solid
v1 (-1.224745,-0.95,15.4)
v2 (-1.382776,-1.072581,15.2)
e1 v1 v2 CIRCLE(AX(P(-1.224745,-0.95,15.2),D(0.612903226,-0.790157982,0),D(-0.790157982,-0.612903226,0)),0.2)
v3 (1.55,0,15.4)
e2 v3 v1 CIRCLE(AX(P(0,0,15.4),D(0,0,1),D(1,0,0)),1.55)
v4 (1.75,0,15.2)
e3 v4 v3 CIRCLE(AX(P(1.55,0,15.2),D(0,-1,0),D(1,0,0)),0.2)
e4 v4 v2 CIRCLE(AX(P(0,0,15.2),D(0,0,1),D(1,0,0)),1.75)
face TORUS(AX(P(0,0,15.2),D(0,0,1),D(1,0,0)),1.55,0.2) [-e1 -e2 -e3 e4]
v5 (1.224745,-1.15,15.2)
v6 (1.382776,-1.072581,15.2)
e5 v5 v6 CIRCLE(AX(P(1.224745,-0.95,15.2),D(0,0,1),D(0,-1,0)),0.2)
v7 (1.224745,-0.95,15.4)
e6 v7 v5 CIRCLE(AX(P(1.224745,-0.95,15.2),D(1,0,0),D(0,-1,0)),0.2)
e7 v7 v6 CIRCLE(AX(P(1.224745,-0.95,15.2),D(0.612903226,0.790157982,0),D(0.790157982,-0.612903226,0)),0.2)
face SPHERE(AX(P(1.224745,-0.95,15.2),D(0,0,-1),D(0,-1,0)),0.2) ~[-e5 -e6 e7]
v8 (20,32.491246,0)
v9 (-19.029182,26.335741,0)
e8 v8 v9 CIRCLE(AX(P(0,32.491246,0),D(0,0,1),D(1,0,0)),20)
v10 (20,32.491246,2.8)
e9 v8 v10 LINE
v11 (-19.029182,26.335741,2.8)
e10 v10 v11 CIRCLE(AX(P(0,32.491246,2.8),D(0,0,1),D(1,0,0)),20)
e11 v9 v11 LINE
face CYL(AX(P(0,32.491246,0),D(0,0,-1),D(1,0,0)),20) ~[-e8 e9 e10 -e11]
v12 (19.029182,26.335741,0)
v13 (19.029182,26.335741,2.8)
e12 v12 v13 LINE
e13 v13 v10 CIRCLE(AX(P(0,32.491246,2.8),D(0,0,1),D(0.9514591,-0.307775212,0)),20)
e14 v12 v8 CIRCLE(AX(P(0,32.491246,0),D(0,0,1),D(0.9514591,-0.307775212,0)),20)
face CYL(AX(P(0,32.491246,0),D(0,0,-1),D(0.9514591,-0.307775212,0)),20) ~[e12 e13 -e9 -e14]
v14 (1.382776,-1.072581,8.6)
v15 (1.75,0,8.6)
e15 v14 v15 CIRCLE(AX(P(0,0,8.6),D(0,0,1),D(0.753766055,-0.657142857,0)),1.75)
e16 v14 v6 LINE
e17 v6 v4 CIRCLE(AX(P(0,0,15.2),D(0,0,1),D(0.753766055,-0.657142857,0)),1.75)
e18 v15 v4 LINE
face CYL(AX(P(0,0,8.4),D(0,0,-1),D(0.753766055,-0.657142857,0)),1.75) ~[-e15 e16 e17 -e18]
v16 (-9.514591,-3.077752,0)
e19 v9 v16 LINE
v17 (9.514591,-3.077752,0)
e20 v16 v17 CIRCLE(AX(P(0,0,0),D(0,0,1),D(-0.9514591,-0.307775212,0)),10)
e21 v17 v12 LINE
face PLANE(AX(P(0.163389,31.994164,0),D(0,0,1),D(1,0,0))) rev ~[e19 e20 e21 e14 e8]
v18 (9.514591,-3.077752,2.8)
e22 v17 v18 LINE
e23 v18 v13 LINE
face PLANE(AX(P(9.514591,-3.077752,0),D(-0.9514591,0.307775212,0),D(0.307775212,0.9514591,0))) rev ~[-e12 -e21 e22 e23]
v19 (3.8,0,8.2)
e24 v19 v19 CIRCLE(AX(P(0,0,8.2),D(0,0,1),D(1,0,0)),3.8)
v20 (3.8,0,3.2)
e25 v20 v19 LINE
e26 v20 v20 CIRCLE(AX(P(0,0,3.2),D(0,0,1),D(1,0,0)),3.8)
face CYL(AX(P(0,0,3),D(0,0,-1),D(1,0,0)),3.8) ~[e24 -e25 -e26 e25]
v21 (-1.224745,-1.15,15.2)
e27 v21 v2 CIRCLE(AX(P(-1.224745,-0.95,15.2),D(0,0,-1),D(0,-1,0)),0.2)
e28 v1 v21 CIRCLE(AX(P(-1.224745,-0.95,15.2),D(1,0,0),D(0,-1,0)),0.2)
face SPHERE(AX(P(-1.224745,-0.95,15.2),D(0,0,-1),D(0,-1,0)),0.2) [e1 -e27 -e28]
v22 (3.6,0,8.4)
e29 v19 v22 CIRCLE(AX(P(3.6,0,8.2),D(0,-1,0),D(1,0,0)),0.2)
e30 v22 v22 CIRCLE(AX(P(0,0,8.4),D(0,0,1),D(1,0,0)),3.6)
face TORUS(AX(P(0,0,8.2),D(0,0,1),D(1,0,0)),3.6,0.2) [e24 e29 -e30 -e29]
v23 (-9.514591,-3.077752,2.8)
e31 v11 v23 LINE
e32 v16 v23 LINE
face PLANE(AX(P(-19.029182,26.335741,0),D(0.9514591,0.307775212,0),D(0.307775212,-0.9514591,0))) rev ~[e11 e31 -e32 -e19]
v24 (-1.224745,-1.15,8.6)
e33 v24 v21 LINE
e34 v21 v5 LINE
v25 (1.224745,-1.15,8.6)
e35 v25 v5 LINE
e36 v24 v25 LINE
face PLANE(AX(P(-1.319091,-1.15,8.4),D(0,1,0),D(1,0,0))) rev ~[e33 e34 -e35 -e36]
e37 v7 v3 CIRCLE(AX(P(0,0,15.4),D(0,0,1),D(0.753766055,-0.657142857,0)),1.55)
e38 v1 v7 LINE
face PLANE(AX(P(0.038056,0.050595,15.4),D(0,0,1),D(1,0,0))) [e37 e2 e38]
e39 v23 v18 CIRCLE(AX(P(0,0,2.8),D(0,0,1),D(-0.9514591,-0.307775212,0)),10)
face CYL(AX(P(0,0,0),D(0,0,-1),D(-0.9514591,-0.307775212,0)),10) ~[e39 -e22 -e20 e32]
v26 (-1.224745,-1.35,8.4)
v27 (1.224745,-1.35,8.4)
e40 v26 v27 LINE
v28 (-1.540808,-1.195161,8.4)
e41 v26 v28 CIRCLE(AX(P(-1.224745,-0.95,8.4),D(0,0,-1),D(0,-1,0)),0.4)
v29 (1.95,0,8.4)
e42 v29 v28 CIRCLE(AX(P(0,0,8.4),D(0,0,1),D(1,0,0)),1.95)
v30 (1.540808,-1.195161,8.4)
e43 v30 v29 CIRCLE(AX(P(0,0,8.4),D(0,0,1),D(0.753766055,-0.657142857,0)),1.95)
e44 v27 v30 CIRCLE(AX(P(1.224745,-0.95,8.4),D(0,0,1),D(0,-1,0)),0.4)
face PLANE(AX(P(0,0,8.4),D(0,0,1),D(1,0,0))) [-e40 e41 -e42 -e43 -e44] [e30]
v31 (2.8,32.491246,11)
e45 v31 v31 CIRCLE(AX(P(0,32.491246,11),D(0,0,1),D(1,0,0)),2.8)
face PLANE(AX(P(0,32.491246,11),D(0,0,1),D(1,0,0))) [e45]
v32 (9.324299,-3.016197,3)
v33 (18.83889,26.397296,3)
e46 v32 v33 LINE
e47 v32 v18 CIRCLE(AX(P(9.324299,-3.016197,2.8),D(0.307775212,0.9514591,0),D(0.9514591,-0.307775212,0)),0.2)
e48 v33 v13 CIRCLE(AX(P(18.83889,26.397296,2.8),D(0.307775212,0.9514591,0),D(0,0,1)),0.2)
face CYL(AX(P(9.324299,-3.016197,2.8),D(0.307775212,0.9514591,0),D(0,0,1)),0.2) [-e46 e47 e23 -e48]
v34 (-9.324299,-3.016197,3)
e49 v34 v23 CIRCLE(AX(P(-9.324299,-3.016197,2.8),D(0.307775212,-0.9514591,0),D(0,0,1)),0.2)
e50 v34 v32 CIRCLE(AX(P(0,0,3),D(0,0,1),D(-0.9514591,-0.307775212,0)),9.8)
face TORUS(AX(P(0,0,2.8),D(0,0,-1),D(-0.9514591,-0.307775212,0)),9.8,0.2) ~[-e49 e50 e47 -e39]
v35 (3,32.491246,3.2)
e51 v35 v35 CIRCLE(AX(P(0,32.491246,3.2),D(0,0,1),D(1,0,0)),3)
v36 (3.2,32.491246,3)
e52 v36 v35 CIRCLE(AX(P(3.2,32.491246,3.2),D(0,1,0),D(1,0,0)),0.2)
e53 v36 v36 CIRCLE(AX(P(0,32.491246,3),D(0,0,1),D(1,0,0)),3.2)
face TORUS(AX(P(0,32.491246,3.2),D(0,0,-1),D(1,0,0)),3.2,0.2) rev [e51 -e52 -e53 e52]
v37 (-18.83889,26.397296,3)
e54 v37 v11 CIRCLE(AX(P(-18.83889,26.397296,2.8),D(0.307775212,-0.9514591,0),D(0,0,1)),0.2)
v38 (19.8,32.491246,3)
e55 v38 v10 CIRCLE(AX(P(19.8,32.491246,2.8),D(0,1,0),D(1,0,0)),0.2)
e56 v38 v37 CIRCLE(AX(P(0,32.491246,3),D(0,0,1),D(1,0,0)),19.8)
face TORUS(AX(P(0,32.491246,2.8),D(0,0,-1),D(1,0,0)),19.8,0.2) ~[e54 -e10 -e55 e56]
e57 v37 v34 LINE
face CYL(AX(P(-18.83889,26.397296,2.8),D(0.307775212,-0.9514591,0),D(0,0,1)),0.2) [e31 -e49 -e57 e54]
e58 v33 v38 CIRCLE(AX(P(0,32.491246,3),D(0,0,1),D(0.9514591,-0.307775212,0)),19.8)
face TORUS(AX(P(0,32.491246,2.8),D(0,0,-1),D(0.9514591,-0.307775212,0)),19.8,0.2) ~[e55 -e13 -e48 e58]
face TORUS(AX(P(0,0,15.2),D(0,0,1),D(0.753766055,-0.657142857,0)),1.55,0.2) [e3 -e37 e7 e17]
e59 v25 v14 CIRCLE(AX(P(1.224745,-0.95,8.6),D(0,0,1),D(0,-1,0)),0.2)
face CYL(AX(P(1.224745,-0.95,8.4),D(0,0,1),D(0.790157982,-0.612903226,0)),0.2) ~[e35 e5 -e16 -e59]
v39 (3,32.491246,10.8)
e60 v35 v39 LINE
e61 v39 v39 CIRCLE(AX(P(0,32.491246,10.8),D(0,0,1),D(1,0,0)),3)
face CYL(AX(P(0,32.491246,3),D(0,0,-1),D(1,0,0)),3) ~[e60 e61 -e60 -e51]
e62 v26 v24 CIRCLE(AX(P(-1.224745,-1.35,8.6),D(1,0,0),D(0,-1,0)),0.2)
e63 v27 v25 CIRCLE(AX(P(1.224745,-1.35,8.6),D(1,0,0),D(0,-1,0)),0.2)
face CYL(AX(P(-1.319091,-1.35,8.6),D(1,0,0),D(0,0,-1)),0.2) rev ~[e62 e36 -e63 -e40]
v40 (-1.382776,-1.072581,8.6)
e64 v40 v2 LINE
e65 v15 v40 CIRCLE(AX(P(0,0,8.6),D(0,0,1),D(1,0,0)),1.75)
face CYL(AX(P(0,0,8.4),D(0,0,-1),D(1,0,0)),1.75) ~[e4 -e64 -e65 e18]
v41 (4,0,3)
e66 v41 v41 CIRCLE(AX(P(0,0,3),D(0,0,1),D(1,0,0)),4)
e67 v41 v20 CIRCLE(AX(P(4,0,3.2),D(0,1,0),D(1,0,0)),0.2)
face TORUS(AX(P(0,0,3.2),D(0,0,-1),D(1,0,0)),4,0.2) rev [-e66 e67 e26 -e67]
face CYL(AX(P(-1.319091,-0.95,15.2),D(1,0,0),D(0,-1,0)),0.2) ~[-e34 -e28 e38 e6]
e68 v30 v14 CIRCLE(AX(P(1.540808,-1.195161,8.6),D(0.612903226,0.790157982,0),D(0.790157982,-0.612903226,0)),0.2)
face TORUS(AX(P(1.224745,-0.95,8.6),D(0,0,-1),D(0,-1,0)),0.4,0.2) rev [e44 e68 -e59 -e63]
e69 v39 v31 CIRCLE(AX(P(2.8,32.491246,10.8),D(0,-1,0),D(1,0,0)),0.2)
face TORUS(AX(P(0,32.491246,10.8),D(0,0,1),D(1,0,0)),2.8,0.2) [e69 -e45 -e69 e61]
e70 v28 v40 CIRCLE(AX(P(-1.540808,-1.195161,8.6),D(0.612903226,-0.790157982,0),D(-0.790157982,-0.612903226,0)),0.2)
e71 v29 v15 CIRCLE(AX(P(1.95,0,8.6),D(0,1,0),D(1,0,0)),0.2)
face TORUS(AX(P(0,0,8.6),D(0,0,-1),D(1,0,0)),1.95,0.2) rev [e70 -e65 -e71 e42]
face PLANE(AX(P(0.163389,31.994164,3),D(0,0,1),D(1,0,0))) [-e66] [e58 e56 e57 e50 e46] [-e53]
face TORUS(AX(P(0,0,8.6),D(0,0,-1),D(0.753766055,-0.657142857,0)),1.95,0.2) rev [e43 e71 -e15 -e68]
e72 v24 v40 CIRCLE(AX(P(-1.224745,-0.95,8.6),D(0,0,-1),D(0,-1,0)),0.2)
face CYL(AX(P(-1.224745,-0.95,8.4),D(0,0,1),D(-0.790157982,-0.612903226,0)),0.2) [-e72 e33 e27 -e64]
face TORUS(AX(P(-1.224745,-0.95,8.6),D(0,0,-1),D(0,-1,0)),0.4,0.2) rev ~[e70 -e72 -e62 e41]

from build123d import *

# Parameters (mm, degrees)
F1_DEPTH = 3
F2_R     = 3
F3_DEPTH = 8
F4_R     = 3.8
F5_DEPTH = 5.4
F7_DEPTH = 7
F8_R     = 0.2


with BuildPart() as f1:
    # F0 (on Top) → F1 (new body)
    with BuildSketch(Plane.XY):
        with BuildLine():
            ThreePointArc((19.0291819997, 26.3357413656), (19.7558047165, 29.3754503593), (20, 32.4912456033))
            ThreePointArc((20, 32.4912456033), (-3.115795244, 52.2470503198), (-19.0291819997, 26.3357413656))
            ThreePointArc((-19.0291819997, 26.3357413656), (0, 12.4912456033), (19.0291819997, 26.3357413656))
        make_face()
        with BuildLine():
            ThreePointArc((10, 0), (-1.557897622, 9.8779023583), (-9.5145909999, -3.0777521189))
            ThreePointArc((-9.5145909999, -3.0777521189), (0, -10), (9.5145909999, -3.0777521189))
            ThreePointArc((9.5145909999, -3.0777521189), (9.8779023583, -1.557897622), (10, 0))
        make_face()
        with BuildLine():
            ThreePointArc((19.0291819997, 26.3357413656), (0, 12.4912456033), (-19.0291819997, 26.3357413656))
            Line((-19.0291819997, 26.3357413656), (-9.5145909999, -3.0777521189))
            ThreePointArc((-9.5145909999, -3.0777521189), (-1.557897622, 9.8779023583), (10, 0))
            ThreePointArc((10, 0), (9.8779023583, -1.557897622), (9.5145909999, -3.0777521189))
            Line((9.5145909999, -3.0777521189), (19.0291819997, 26.3357413656))
        make_face()
    extrude(amount=F1_DEPTH)

    # F2 (on face) → F3 (join)
    with BuildSketch(Plane.XY.offset(3)):
        with Locations((0, 32.4912456033)):
            Circle(F2_R)
    extrude(amount=F3_DEPTH)

    # F4 (on face) → F5 (join)
    with BuildSketch(Plane.XY.offset(3)):
        Circle(F4_R)
    extrude(amount=F5_DEPTH)

    # F6 (on face) → F7 (join)
    with BuildSketch(Plane.XY.offset(8.4)):
        with BuildLine():
            ThreePointArc((1.3190905958, -1.15), (1.6387355709, -0.6140404943), (1.75, 0))
            ThreePointArc((1.75, 0), (-0.6140404943, 1.6387355709), (-1.3190905958, -1.15))
            Line((-1.3190905958, -1.15), (1.3190905958, -1.15))
        make_face()
    extrude(amount=F7_DEPTH)

    # F8
    f8_edges = [f1.edges().sort_by_distance(p)[0] for p in [
        (-3, 32.491246, 11),
        (0, -1.15, 15.4),
        (0, 1.75, 15.4),
        (-3.8, 0, 8.4),
        (0, -1.15, 8.4),
        (0, 1.75, 8.4),
        (-14.271886, 11.628995, 3),
        (0, 52.491246, 3),
        (0, -10, 3),
        (14.271886, 11.628995, 3),
        (-3.8, 0, 3),
        (-3, 32.491246, 3),
        (-1.319091, -1.15, 11.9),
        (1.319091, -1.15, 11.9),
    ]]
    fillet(f8_edges, radius=F8_R)


solid = f1.part
